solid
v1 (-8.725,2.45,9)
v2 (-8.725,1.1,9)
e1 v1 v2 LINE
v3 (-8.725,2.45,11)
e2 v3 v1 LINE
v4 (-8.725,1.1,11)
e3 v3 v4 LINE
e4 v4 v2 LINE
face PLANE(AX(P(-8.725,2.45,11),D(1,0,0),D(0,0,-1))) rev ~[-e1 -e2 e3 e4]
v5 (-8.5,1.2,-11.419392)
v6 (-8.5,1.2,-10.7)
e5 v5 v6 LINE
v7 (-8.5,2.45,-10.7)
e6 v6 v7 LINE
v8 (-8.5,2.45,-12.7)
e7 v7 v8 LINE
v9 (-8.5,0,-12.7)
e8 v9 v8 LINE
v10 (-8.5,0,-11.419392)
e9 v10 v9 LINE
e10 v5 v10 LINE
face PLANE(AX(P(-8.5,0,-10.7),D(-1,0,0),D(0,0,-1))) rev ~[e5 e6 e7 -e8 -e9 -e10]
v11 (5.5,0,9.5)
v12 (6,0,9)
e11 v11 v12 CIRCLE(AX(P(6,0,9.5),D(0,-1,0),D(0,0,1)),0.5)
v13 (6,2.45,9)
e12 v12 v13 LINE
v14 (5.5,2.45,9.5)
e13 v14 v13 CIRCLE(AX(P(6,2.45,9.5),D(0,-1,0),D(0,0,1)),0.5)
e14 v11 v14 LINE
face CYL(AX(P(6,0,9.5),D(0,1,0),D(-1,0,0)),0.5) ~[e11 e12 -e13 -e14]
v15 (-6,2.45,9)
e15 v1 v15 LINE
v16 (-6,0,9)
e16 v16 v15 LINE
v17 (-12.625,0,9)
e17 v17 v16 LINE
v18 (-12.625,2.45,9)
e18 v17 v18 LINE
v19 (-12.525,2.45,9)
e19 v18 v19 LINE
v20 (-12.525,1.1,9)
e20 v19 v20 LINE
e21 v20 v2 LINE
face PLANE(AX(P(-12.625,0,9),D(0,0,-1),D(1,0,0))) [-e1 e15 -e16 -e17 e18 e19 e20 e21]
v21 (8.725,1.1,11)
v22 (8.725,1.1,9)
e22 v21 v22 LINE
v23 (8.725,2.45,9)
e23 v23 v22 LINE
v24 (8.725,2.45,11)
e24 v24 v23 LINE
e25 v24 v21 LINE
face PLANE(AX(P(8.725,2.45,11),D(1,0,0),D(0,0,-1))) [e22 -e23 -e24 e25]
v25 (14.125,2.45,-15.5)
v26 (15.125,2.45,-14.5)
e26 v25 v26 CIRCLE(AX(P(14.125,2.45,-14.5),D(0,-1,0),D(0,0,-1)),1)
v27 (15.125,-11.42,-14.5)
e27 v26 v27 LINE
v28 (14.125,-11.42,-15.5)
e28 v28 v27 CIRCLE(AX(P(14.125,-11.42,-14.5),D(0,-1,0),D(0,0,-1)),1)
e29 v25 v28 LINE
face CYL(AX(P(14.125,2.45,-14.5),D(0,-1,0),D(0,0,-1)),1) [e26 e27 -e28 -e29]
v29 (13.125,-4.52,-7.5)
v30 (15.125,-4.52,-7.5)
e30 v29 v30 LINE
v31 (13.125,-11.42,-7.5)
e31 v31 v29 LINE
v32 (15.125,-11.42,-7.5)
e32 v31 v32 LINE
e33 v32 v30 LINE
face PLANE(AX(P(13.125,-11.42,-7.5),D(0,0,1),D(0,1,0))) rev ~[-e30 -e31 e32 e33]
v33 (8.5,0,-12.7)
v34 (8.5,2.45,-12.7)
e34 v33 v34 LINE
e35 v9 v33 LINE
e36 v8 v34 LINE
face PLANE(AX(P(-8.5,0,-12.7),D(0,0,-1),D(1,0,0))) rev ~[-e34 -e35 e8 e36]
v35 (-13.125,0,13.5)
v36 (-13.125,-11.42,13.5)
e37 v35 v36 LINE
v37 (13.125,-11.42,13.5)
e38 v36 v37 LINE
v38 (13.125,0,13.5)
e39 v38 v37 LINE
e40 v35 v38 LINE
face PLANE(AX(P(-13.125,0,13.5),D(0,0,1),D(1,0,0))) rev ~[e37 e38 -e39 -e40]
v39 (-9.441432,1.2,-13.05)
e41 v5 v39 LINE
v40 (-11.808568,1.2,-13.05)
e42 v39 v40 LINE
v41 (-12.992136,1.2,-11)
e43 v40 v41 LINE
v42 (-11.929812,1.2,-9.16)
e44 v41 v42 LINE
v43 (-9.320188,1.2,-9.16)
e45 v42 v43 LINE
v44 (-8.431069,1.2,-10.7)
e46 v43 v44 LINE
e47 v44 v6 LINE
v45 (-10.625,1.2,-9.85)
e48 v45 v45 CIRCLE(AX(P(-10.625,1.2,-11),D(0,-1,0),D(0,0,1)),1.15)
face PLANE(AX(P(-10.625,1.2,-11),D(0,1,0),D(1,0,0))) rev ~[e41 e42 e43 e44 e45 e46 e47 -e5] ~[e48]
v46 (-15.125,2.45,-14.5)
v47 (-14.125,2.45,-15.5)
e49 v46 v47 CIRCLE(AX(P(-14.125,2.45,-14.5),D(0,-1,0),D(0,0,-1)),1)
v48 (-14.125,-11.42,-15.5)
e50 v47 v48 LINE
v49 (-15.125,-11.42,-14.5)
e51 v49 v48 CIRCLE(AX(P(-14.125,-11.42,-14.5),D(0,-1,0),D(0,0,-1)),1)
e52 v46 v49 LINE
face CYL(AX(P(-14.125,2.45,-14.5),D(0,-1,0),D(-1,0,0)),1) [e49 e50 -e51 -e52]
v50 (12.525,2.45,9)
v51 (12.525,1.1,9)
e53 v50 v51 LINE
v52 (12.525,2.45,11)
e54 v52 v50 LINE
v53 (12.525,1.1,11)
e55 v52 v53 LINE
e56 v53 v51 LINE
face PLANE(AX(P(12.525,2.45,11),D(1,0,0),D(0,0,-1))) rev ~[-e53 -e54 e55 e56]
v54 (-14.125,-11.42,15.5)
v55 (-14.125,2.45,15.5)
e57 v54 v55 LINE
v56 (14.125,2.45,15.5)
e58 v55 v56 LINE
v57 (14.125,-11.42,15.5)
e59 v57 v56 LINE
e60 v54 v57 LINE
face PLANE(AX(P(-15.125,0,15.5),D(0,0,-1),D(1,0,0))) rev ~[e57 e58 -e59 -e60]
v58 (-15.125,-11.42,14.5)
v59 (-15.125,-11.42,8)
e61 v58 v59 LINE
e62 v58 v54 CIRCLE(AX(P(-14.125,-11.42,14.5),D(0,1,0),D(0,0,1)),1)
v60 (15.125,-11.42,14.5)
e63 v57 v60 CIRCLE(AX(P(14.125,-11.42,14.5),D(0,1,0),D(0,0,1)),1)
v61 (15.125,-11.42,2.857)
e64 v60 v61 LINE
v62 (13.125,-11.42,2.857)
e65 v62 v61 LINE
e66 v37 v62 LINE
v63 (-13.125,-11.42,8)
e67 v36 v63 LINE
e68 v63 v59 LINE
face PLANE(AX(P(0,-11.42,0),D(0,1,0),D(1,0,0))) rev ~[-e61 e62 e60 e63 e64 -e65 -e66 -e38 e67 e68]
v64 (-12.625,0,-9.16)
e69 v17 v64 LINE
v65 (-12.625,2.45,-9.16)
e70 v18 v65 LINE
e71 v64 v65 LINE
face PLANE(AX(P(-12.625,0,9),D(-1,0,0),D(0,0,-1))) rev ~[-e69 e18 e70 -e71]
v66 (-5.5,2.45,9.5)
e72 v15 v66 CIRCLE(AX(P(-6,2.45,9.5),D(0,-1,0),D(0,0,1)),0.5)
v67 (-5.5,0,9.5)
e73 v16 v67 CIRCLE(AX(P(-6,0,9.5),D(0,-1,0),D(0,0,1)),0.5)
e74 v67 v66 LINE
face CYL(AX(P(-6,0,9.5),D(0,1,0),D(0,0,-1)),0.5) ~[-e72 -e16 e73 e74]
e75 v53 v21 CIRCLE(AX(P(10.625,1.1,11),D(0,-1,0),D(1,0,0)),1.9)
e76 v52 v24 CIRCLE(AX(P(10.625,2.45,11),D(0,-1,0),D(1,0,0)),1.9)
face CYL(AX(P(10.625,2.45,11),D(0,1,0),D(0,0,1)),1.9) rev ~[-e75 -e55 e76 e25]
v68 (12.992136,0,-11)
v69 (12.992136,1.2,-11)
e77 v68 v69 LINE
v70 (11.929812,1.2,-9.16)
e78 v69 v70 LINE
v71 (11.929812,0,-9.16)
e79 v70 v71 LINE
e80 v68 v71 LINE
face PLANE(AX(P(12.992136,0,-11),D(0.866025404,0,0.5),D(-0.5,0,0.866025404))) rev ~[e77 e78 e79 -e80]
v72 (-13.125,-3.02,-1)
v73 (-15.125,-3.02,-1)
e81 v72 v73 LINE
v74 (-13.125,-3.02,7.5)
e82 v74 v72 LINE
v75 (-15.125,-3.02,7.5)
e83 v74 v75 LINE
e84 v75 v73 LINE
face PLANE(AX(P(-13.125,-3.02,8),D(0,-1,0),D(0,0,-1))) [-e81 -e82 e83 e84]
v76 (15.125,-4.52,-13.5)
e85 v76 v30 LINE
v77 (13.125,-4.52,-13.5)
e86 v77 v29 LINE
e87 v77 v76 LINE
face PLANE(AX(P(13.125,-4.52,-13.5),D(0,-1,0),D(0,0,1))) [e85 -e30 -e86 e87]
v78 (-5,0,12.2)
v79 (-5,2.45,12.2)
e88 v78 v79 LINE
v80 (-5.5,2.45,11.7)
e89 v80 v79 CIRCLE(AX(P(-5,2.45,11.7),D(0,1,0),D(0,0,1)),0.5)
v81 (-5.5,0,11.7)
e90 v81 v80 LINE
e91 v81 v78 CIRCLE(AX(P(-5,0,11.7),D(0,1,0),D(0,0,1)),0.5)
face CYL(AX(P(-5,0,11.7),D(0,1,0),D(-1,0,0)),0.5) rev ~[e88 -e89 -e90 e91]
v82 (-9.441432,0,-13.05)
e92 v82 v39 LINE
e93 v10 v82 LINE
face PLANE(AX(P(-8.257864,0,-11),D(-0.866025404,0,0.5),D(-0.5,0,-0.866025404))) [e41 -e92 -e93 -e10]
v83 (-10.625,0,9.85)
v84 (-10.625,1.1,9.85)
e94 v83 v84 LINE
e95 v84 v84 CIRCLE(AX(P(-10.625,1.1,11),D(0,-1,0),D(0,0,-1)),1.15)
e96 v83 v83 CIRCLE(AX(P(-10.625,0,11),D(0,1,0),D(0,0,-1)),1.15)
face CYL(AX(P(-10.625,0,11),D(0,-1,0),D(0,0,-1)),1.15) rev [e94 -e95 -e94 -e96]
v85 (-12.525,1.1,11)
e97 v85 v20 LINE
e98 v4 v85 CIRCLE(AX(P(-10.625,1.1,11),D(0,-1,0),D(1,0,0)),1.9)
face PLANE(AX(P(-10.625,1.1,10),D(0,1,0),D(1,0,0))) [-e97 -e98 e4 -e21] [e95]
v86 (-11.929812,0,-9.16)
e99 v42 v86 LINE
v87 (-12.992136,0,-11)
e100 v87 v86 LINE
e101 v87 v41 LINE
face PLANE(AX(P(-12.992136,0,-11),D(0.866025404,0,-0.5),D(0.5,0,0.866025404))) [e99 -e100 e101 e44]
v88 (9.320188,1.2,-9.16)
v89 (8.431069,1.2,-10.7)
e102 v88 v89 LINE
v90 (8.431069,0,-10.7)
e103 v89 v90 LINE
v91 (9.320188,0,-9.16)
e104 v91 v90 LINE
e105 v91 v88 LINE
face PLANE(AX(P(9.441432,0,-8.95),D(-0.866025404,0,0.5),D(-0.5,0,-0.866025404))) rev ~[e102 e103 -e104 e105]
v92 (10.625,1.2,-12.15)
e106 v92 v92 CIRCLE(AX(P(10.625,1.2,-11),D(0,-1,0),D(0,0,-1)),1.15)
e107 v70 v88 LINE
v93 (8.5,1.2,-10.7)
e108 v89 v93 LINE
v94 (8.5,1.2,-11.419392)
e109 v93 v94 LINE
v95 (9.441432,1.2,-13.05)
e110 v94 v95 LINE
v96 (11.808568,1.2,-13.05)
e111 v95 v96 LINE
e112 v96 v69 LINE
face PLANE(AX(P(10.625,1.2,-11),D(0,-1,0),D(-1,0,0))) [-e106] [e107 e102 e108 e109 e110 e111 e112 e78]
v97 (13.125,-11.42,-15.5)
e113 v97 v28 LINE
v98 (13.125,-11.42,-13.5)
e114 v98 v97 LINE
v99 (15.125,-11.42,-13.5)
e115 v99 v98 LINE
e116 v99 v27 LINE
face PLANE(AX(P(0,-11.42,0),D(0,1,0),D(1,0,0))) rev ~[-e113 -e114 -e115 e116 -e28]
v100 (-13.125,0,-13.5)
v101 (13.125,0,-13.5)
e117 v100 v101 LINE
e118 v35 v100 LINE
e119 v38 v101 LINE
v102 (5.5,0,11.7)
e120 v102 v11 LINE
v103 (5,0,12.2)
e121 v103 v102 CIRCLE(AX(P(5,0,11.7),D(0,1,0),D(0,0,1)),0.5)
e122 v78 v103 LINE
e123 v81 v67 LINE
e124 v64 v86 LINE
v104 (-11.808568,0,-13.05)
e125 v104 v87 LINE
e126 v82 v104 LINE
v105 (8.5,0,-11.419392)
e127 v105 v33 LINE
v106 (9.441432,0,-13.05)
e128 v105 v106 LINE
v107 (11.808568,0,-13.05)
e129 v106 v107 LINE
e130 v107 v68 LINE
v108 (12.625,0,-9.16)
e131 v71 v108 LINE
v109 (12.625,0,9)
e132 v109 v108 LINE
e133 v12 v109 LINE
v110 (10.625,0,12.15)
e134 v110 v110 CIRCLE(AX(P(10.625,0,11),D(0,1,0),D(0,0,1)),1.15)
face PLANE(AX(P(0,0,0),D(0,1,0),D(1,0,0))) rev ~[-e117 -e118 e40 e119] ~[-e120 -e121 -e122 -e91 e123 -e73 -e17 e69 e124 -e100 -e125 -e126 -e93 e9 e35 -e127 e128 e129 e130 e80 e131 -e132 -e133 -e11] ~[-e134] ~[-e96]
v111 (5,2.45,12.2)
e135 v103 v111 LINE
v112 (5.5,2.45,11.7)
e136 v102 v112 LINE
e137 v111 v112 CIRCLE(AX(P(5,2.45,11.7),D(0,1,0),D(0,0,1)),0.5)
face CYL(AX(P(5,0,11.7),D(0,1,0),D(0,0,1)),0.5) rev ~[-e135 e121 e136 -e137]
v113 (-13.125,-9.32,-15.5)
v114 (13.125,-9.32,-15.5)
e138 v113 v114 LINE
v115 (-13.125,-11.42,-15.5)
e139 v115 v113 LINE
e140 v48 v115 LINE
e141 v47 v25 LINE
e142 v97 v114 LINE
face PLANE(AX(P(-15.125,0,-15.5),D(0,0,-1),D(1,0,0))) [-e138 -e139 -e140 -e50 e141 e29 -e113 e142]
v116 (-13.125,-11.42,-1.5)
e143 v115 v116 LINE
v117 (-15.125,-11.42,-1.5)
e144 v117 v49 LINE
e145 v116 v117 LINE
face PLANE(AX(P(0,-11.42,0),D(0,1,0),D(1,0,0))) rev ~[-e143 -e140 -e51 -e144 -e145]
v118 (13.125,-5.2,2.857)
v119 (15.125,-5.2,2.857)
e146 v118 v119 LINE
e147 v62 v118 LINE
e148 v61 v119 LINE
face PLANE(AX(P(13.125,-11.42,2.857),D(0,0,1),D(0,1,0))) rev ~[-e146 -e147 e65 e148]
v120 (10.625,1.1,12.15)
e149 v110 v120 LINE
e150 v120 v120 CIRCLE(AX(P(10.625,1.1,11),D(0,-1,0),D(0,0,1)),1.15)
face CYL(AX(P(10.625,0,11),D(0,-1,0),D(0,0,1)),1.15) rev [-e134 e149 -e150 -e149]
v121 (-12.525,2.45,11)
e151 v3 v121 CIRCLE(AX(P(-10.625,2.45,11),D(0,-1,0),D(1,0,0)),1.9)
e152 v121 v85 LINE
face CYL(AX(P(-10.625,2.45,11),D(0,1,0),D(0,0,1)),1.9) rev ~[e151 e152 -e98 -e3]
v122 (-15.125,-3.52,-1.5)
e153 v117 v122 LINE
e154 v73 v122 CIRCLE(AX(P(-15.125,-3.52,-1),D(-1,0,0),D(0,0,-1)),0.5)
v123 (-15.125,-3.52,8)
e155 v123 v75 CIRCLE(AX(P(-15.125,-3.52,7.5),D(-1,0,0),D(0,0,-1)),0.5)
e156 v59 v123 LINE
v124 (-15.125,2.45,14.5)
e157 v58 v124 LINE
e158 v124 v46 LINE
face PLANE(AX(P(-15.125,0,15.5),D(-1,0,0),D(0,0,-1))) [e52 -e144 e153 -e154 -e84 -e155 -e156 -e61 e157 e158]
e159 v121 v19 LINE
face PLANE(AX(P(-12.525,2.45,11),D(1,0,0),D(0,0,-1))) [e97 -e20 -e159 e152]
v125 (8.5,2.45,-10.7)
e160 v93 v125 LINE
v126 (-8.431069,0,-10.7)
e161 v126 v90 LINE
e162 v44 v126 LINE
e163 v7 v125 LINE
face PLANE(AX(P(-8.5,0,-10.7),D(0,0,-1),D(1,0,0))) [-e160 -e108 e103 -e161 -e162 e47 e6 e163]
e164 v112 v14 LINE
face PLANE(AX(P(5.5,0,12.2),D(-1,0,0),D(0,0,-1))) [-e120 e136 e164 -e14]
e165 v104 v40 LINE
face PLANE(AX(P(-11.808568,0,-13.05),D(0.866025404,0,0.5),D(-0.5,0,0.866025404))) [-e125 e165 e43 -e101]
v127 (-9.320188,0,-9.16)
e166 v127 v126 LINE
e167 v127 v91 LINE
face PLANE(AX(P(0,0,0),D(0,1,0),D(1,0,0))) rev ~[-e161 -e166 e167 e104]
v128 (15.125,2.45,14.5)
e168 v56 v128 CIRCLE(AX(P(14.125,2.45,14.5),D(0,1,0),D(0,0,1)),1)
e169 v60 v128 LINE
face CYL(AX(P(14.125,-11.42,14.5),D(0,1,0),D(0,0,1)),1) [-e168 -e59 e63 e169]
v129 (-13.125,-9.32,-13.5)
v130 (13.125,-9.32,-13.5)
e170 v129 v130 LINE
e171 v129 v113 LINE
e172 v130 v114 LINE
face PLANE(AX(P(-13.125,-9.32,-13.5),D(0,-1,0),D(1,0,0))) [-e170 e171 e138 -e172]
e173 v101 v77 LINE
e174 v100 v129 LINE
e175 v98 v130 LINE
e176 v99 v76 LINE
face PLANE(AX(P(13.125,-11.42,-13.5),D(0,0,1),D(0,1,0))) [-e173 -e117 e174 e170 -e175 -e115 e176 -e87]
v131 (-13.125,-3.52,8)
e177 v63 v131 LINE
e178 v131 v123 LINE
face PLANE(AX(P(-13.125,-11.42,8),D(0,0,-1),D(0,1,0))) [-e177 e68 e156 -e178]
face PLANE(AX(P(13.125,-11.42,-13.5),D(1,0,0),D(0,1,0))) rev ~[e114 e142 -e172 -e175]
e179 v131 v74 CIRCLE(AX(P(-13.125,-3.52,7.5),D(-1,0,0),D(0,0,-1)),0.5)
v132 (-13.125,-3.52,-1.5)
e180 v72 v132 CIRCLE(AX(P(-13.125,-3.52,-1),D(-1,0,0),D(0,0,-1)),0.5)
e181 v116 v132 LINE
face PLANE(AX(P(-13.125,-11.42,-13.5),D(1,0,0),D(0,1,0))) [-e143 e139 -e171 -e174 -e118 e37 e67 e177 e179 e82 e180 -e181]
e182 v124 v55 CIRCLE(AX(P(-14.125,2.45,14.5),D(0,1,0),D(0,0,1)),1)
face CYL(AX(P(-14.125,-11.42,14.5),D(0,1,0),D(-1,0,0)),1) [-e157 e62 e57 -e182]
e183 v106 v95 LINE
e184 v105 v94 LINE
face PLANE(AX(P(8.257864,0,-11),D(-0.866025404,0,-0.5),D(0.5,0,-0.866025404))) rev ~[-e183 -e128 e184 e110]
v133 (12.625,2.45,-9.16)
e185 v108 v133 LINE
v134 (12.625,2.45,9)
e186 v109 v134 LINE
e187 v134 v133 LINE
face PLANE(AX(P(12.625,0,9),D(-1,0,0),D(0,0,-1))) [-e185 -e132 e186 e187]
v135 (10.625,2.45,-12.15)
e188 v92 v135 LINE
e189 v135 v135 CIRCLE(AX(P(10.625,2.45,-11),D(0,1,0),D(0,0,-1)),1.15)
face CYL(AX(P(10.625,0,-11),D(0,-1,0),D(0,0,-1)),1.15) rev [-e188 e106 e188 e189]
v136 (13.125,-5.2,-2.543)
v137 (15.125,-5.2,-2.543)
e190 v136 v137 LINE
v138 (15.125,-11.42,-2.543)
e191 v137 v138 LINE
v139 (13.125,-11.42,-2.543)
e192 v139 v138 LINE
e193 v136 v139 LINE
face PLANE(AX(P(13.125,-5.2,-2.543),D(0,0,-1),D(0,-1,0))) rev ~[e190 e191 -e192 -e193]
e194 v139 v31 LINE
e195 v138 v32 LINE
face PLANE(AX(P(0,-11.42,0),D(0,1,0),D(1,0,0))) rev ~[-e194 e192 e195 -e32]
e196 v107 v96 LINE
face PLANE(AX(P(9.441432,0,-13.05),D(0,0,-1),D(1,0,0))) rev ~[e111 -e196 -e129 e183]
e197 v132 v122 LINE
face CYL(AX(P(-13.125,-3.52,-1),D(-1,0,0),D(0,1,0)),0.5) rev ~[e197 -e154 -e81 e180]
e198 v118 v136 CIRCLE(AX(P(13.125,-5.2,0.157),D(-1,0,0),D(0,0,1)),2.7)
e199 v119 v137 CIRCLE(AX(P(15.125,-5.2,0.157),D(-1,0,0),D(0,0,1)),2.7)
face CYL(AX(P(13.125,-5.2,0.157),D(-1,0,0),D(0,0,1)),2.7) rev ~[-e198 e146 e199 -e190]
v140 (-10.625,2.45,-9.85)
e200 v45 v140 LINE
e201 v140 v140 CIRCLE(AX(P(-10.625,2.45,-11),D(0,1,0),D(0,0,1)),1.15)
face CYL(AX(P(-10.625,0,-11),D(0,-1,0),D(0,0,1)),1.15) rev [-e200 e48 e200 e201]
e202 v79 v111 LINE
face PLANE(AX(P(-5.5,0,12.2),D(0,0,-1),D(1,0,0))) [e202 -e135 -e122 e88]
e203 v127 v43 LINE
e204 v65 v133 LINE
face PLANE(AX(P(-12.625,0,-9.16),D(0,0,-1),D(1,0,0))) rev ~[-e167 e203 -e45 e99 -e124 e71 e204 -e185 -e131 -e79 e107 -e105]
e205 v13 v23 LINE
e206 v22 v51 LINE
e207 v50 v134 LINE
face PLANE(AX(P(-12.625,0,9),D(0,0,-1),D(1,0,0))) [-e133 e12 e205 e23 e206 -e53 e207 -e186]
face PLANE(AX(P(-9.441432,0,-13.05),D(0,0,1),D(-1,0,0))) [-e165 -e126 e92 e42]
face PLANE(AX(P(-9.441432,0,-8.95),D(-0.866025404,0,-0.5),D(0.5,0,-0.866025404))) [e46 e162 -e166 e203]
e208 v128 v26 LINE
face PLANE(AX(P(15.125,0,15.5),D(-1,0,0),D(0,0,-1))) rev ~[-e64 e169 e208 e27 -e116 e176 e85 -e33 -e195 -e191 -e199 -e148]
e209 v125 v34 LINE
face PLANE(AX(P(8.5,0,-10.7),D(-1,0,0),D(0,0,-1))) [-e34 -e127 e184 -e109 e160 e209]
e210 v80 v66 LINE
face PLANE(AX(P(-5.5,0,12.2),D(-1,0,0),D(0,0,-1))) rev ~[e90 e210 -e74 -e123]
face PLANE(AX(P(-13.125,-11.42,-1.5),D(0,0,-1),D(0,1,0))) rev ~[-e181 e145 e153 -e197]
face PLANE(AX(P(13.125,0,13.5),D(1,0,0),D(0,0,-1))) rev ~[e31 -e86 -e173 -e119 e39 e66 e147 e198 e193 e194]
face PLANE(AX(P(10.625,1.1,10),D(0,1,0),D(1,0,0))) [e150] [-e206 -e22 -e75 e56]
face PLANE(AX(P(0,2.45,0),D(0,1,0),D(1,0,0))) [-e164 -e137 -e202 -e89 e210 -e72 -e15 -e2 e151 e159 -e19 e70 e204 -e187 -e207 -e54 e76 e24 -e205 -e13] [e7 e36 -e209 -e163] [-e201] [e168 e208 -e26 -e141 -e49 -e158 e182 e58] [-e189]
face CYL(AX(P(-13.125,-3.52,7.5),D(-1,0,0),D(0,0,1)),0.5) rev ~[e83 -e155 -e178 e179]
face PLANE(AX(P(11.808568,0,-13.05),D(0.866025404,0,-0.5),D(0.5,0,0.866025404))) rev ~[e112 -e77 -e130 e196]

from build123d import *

# Parameters (mm, degrees)
SKETCH_1_W           = 30.25
SKETCH_1_H           = 31
SKETCH_1_W_2         = 26.25
SKETCH_1_H_2         = 27
EXTRUDE_1_DEPTH      = 11.42
SKETCH_2_W           = 30.25
SKETCH_2_H           = 31
EXTRUDE_2_DEPTH      = 2.45
SKETCH_3_W           = 25.25
SKETCH_3_H           = 18.16
CUT_EXTRUDE_1_DEPTH  = 2.45
SKETCH_4_R           = 1.15
CUT_EXTRUDE_3_DEPTH  = 2.45
CUT_EXTRUDE_4_DEPTH  = 1.2
SKETCH_6_R           = 1.9
CUT_EXTRUDE_5_DEPTH  = 1.35
SKETCH_7_W           = 11
SKETCH_7_H           = 3.2
CUT_EXTRUDE_7_DEPTH  = 2.45
SKETCH_8_W           = 17
SKETCH_8_H           = 2
CUT_EXTRUDE_9_DEPTH  = 2.45
FILLET_1_R           = 1
SKETCH_12_W          = 6
SKETCH_12_H          = 6.9
CUT_EXTRUDE_10_DEPTH = 2
CUT_EXTRUDE_11_DEPTH = 2
SKETCH_15_W          = 9.5
SKETCH_15_H          = 8.4
CUT_EXTRUDE_12_DEPTH = 2
FILLET_2_R           = 0.5
FILLET_3_R           = 0.5
CUT_EXTRUDE_19_REACH = 36.644
SKETCH_17_W          = 26.25
SKETCH_17_H          = 2.1
SKETCH_18_W          = 3.8
SKETCH_18_H          = 2
CUT_EXTRUDE_20_DEPTH = 1.35


with BuildPart() as part:
    # 草图1 → 凸台-拉伸1 (new body)
    with BuildSketch(Plane(origin=(0, 0, 0), x_dir=(1, 0, 0), z_dir=(0, 1, 0))):
        Rectangle(SKETCH_1_W, SKETCH_1_H)
        Rectangle(SKETCH_1_W_2, SKETCH_1_H_2, mode=Mode.SUBTRACT)
    extrude(amount=-EXTRUDE_1_DEPTH)

    # 草图2 → 凸台-拉伸2 (add)
    with BuildSketch(Plane(origin=(0, 0, 0), x_dir=(1, 0, 0), z_dir=(0, 1, 0))):
        Rectangle(SKETCH_2_W, SKETCH_2_H)
    extrude(amount=EXTRUDE_2_DEPTH)

    # 草图3 → 切除-拉伸1 (cut)
    with BuildSketch(Plane(origin=(0, 0, 0), x_dir=(1, 0, 0), z_dir=(0, 1, 0))):
        with Locations((0, 0.08)):
            Rectangle(SKETCH_3_W, SKETCH_3_H)
    extrude(amount=CUT_EXTRUDE_1_DEPTH, mode=Mode.SUBTRACT)

    # 草图4 → 切除-拉伸3 (cut)
    with BuildSketch(Plane(origin=(0, 0, 0), x_dir=(1, 0, 0), z_dir=(0, 1, 0))):
        with Locations(Location((-10.625, 11, 0), (0, 0, 270))):
            Circle(SKETCH_4_R)
        with Locations(Location((-10.625, -11, 0), (0, 0, 90))):
            Circle(SKETCH_4_R)
        with Locations(Location((10.625, 11, 0), (0, 0, 90))):
            Circle(SKETCH_4_R)
        with Locations(Location((10.625, -11, 0), (0, 0, 270))):
            Circle(SKETCH_4_R)
    extrude(amount=CUT_EXTRUDE_3_DEPTH, mode=Mode.SUBTRACT)

    # 草图5 → 切除-拉伸4 (cut)
    with BuildSketch(Plane(origin=(0, 0, 0), x_dir=(1, 0, 0), z_dir=(0, 1, 0))):
        Polygon((-9.441431948, 8.95), (-8.257863896, 11), (-9.441431948, 13.05), (-11.808568052, 13.05), (-12.992136104, 11), (-11.808568052, 8.95), align=None)
        Polygon((11.808568052, 8.95), (9.441431948, 8.95), (8.257863896, 11), (9.441431948, 13.05), (11.808568052, 13.05), (12.992136104, 11), align=None)
    extrude(amount=CUT_EXTRUDE_4_DEPTH, mode=Mode.SUBTRACT)

    # 草图6 → 切除-拉伸5 (cut)
    with BuildSketch(Plane(origin=(0, 2.45, 0), x_dir=(1, 0, 0), z_dir=(0, 1, 0))):
        with Locations(Location((-10.625, -11, 0), (0, 0, 270))):
            Circle(SKETCH_6_R)
        with Locations(Location((10.625, -11, 0), (0, 0, 270))):
            Circle(SKETCH_6_R)
    extrude(amount=-CUT_EXTRUDE_5_DEPTH, mode=Mode.SUBTRACT)

    # 草图7 → 切除-拉伸7 (cut)
    with BuildSketch(Plane(origin=(0, 0, 0), x_dir=(1, 0, 0), z_dir=(0, 1, 0))):
        with Locations((0, -10.6)):
            Rectangle(SKETCH_7_W, SKETCH_7_H)
    extrude(amount=CUT_EXTRUDE_7_DEPTH, mode=Mode.SUBTRACT)

    # 草图8 → 切除-拉伸9 (cut)
    with BuildSketch(Plane(origin=(0, 0, 0), x_dir=(1, 0, 0), z_dir=(0, 1, 0))):
        with Locations((0, 11.7)):
            Rectangle(SKETCH_8_W, SKETCH_8_H)
    extrude(amount=CUT_EXTRUDE_9_DEPTH, mode=Mode.SUBTRACT)

    # 圆角1
    fillet_1_edges = [part.edges().sort_by_distance(p)[0] for p in [
        (-15.125, -4.485, -15.5),
        (15.125, -4.485, -15.5),
        (15.125, -4.485, 15.5),
        (-15.125, -4.485, 15.5),
    ]]
    fillet(fillet_1_edges, radius=FILLET_1_R)

    # 草图12 → 切除-拉伸10 (cut)
    with BuildSketch(Plane.ZY.offset(-13.125)):
        with Locations((-10.5, -7.97)):
            Rectangle(SKETCH_12_W, SKETCH_12_H)
    extrude(amount=-CUT_EXTRUDE_10_DEPTH, mode=Mode.SUBTRACT)

    # 草图14 → 切除-拉伸11 (cut)
    with BuildSketch(Plane.ZY.offset(-13.125)):
        with BuildLine():
            Line((2.857, -11.42), (2.857, -5.2))
            ThreePointArc((2.857, -5.2), (0.157, -2.5), (-2.543, -5.2))
            Line((-2.543, -5.2), (-2.543, -11.42))
            Line((-2.543, -11.42), (2.857, -11.42))
        make_face()
    extrude(amount=-CUT_EXTRUDE_11_DEPTH, mode=Mode.SUBTRACT)

    # 草图15 → 切除-拉伸12 (cut)
    with BuildSketch(Plane(origin=(-13.125, 0, 0), x_dir=(0, 0, -1), z_dir=(1, 0, 0))):
        with Locations((-3.25, -7.22)):
            Rectangle(SKETCH_15_W, SKETCH_15_H)
    extrude(amount=-CUT_EXTRUDE_12_DEPTH, mode=Mode.SUBTRACT)

    # 圆角2
    fillet_2_edges = [part.edges().sort_by_distance(p)[0] for p in [
        (-14.125, -3.02, 8),
        (-14.125, -3.02, -1.5),
    ]]
    fillet(fillet_2_edges, radius=FILLET_2_R)

    # 圆角3
    fillet_3_edges = [part.edges().sort_by_distance(p)[0] for p in [
        (-5.5, 1.225, 12.2),
        (5.5, 1.225, 12.2),
        (5.5, 1.225, 9),
        (-5.5, 1.225, 9),
    ]]
    fillet(fillet_3_edges, radius=FILLET_3_R)

    # 草图17 → 切除-拉伸19 (cut, up to next)
    with BuildSketch(Plane.XY.offset(-13.5), mode=Mode.PRIVATE) as cut_extrude_19_sk1:
        with Locations((0, -10.37)):
            Rectangle(SKETCH_17_W, SKETCH_17_H)
    cut_extrude_19_tool1 = extrude(cut_extrude_19_sk1.sketch, amount=-CUT_EXTRUDE_19_REACH, mode=Mode.PRIVATE) & part.part
    add(cut_extrude_19_tool1.solids().sort_by_distance((0, -10.37, -13.5))[0], mode=Mode.SUBTRACT)

    # 草图18 → 切除-拉伸20 (cut)
    with BuildSketch(Plane(origin=(0, 2.45, 0), x_dir=(1, 0, 0), z_dir=(0, 1, 0))):
        with Locations((-10.625, -10)):
            Rectangle(SKETCH_18_W, SKETCH_18_H)
        with Locations((10.625, -10)):
            Rectangle(SKETCH_18_W, SKETCH_18_H)
    extrude(amount=-CUT_EXTRUDE_20_DEPTH, mode=Mode.SUBTRACT)


solid = part.part
